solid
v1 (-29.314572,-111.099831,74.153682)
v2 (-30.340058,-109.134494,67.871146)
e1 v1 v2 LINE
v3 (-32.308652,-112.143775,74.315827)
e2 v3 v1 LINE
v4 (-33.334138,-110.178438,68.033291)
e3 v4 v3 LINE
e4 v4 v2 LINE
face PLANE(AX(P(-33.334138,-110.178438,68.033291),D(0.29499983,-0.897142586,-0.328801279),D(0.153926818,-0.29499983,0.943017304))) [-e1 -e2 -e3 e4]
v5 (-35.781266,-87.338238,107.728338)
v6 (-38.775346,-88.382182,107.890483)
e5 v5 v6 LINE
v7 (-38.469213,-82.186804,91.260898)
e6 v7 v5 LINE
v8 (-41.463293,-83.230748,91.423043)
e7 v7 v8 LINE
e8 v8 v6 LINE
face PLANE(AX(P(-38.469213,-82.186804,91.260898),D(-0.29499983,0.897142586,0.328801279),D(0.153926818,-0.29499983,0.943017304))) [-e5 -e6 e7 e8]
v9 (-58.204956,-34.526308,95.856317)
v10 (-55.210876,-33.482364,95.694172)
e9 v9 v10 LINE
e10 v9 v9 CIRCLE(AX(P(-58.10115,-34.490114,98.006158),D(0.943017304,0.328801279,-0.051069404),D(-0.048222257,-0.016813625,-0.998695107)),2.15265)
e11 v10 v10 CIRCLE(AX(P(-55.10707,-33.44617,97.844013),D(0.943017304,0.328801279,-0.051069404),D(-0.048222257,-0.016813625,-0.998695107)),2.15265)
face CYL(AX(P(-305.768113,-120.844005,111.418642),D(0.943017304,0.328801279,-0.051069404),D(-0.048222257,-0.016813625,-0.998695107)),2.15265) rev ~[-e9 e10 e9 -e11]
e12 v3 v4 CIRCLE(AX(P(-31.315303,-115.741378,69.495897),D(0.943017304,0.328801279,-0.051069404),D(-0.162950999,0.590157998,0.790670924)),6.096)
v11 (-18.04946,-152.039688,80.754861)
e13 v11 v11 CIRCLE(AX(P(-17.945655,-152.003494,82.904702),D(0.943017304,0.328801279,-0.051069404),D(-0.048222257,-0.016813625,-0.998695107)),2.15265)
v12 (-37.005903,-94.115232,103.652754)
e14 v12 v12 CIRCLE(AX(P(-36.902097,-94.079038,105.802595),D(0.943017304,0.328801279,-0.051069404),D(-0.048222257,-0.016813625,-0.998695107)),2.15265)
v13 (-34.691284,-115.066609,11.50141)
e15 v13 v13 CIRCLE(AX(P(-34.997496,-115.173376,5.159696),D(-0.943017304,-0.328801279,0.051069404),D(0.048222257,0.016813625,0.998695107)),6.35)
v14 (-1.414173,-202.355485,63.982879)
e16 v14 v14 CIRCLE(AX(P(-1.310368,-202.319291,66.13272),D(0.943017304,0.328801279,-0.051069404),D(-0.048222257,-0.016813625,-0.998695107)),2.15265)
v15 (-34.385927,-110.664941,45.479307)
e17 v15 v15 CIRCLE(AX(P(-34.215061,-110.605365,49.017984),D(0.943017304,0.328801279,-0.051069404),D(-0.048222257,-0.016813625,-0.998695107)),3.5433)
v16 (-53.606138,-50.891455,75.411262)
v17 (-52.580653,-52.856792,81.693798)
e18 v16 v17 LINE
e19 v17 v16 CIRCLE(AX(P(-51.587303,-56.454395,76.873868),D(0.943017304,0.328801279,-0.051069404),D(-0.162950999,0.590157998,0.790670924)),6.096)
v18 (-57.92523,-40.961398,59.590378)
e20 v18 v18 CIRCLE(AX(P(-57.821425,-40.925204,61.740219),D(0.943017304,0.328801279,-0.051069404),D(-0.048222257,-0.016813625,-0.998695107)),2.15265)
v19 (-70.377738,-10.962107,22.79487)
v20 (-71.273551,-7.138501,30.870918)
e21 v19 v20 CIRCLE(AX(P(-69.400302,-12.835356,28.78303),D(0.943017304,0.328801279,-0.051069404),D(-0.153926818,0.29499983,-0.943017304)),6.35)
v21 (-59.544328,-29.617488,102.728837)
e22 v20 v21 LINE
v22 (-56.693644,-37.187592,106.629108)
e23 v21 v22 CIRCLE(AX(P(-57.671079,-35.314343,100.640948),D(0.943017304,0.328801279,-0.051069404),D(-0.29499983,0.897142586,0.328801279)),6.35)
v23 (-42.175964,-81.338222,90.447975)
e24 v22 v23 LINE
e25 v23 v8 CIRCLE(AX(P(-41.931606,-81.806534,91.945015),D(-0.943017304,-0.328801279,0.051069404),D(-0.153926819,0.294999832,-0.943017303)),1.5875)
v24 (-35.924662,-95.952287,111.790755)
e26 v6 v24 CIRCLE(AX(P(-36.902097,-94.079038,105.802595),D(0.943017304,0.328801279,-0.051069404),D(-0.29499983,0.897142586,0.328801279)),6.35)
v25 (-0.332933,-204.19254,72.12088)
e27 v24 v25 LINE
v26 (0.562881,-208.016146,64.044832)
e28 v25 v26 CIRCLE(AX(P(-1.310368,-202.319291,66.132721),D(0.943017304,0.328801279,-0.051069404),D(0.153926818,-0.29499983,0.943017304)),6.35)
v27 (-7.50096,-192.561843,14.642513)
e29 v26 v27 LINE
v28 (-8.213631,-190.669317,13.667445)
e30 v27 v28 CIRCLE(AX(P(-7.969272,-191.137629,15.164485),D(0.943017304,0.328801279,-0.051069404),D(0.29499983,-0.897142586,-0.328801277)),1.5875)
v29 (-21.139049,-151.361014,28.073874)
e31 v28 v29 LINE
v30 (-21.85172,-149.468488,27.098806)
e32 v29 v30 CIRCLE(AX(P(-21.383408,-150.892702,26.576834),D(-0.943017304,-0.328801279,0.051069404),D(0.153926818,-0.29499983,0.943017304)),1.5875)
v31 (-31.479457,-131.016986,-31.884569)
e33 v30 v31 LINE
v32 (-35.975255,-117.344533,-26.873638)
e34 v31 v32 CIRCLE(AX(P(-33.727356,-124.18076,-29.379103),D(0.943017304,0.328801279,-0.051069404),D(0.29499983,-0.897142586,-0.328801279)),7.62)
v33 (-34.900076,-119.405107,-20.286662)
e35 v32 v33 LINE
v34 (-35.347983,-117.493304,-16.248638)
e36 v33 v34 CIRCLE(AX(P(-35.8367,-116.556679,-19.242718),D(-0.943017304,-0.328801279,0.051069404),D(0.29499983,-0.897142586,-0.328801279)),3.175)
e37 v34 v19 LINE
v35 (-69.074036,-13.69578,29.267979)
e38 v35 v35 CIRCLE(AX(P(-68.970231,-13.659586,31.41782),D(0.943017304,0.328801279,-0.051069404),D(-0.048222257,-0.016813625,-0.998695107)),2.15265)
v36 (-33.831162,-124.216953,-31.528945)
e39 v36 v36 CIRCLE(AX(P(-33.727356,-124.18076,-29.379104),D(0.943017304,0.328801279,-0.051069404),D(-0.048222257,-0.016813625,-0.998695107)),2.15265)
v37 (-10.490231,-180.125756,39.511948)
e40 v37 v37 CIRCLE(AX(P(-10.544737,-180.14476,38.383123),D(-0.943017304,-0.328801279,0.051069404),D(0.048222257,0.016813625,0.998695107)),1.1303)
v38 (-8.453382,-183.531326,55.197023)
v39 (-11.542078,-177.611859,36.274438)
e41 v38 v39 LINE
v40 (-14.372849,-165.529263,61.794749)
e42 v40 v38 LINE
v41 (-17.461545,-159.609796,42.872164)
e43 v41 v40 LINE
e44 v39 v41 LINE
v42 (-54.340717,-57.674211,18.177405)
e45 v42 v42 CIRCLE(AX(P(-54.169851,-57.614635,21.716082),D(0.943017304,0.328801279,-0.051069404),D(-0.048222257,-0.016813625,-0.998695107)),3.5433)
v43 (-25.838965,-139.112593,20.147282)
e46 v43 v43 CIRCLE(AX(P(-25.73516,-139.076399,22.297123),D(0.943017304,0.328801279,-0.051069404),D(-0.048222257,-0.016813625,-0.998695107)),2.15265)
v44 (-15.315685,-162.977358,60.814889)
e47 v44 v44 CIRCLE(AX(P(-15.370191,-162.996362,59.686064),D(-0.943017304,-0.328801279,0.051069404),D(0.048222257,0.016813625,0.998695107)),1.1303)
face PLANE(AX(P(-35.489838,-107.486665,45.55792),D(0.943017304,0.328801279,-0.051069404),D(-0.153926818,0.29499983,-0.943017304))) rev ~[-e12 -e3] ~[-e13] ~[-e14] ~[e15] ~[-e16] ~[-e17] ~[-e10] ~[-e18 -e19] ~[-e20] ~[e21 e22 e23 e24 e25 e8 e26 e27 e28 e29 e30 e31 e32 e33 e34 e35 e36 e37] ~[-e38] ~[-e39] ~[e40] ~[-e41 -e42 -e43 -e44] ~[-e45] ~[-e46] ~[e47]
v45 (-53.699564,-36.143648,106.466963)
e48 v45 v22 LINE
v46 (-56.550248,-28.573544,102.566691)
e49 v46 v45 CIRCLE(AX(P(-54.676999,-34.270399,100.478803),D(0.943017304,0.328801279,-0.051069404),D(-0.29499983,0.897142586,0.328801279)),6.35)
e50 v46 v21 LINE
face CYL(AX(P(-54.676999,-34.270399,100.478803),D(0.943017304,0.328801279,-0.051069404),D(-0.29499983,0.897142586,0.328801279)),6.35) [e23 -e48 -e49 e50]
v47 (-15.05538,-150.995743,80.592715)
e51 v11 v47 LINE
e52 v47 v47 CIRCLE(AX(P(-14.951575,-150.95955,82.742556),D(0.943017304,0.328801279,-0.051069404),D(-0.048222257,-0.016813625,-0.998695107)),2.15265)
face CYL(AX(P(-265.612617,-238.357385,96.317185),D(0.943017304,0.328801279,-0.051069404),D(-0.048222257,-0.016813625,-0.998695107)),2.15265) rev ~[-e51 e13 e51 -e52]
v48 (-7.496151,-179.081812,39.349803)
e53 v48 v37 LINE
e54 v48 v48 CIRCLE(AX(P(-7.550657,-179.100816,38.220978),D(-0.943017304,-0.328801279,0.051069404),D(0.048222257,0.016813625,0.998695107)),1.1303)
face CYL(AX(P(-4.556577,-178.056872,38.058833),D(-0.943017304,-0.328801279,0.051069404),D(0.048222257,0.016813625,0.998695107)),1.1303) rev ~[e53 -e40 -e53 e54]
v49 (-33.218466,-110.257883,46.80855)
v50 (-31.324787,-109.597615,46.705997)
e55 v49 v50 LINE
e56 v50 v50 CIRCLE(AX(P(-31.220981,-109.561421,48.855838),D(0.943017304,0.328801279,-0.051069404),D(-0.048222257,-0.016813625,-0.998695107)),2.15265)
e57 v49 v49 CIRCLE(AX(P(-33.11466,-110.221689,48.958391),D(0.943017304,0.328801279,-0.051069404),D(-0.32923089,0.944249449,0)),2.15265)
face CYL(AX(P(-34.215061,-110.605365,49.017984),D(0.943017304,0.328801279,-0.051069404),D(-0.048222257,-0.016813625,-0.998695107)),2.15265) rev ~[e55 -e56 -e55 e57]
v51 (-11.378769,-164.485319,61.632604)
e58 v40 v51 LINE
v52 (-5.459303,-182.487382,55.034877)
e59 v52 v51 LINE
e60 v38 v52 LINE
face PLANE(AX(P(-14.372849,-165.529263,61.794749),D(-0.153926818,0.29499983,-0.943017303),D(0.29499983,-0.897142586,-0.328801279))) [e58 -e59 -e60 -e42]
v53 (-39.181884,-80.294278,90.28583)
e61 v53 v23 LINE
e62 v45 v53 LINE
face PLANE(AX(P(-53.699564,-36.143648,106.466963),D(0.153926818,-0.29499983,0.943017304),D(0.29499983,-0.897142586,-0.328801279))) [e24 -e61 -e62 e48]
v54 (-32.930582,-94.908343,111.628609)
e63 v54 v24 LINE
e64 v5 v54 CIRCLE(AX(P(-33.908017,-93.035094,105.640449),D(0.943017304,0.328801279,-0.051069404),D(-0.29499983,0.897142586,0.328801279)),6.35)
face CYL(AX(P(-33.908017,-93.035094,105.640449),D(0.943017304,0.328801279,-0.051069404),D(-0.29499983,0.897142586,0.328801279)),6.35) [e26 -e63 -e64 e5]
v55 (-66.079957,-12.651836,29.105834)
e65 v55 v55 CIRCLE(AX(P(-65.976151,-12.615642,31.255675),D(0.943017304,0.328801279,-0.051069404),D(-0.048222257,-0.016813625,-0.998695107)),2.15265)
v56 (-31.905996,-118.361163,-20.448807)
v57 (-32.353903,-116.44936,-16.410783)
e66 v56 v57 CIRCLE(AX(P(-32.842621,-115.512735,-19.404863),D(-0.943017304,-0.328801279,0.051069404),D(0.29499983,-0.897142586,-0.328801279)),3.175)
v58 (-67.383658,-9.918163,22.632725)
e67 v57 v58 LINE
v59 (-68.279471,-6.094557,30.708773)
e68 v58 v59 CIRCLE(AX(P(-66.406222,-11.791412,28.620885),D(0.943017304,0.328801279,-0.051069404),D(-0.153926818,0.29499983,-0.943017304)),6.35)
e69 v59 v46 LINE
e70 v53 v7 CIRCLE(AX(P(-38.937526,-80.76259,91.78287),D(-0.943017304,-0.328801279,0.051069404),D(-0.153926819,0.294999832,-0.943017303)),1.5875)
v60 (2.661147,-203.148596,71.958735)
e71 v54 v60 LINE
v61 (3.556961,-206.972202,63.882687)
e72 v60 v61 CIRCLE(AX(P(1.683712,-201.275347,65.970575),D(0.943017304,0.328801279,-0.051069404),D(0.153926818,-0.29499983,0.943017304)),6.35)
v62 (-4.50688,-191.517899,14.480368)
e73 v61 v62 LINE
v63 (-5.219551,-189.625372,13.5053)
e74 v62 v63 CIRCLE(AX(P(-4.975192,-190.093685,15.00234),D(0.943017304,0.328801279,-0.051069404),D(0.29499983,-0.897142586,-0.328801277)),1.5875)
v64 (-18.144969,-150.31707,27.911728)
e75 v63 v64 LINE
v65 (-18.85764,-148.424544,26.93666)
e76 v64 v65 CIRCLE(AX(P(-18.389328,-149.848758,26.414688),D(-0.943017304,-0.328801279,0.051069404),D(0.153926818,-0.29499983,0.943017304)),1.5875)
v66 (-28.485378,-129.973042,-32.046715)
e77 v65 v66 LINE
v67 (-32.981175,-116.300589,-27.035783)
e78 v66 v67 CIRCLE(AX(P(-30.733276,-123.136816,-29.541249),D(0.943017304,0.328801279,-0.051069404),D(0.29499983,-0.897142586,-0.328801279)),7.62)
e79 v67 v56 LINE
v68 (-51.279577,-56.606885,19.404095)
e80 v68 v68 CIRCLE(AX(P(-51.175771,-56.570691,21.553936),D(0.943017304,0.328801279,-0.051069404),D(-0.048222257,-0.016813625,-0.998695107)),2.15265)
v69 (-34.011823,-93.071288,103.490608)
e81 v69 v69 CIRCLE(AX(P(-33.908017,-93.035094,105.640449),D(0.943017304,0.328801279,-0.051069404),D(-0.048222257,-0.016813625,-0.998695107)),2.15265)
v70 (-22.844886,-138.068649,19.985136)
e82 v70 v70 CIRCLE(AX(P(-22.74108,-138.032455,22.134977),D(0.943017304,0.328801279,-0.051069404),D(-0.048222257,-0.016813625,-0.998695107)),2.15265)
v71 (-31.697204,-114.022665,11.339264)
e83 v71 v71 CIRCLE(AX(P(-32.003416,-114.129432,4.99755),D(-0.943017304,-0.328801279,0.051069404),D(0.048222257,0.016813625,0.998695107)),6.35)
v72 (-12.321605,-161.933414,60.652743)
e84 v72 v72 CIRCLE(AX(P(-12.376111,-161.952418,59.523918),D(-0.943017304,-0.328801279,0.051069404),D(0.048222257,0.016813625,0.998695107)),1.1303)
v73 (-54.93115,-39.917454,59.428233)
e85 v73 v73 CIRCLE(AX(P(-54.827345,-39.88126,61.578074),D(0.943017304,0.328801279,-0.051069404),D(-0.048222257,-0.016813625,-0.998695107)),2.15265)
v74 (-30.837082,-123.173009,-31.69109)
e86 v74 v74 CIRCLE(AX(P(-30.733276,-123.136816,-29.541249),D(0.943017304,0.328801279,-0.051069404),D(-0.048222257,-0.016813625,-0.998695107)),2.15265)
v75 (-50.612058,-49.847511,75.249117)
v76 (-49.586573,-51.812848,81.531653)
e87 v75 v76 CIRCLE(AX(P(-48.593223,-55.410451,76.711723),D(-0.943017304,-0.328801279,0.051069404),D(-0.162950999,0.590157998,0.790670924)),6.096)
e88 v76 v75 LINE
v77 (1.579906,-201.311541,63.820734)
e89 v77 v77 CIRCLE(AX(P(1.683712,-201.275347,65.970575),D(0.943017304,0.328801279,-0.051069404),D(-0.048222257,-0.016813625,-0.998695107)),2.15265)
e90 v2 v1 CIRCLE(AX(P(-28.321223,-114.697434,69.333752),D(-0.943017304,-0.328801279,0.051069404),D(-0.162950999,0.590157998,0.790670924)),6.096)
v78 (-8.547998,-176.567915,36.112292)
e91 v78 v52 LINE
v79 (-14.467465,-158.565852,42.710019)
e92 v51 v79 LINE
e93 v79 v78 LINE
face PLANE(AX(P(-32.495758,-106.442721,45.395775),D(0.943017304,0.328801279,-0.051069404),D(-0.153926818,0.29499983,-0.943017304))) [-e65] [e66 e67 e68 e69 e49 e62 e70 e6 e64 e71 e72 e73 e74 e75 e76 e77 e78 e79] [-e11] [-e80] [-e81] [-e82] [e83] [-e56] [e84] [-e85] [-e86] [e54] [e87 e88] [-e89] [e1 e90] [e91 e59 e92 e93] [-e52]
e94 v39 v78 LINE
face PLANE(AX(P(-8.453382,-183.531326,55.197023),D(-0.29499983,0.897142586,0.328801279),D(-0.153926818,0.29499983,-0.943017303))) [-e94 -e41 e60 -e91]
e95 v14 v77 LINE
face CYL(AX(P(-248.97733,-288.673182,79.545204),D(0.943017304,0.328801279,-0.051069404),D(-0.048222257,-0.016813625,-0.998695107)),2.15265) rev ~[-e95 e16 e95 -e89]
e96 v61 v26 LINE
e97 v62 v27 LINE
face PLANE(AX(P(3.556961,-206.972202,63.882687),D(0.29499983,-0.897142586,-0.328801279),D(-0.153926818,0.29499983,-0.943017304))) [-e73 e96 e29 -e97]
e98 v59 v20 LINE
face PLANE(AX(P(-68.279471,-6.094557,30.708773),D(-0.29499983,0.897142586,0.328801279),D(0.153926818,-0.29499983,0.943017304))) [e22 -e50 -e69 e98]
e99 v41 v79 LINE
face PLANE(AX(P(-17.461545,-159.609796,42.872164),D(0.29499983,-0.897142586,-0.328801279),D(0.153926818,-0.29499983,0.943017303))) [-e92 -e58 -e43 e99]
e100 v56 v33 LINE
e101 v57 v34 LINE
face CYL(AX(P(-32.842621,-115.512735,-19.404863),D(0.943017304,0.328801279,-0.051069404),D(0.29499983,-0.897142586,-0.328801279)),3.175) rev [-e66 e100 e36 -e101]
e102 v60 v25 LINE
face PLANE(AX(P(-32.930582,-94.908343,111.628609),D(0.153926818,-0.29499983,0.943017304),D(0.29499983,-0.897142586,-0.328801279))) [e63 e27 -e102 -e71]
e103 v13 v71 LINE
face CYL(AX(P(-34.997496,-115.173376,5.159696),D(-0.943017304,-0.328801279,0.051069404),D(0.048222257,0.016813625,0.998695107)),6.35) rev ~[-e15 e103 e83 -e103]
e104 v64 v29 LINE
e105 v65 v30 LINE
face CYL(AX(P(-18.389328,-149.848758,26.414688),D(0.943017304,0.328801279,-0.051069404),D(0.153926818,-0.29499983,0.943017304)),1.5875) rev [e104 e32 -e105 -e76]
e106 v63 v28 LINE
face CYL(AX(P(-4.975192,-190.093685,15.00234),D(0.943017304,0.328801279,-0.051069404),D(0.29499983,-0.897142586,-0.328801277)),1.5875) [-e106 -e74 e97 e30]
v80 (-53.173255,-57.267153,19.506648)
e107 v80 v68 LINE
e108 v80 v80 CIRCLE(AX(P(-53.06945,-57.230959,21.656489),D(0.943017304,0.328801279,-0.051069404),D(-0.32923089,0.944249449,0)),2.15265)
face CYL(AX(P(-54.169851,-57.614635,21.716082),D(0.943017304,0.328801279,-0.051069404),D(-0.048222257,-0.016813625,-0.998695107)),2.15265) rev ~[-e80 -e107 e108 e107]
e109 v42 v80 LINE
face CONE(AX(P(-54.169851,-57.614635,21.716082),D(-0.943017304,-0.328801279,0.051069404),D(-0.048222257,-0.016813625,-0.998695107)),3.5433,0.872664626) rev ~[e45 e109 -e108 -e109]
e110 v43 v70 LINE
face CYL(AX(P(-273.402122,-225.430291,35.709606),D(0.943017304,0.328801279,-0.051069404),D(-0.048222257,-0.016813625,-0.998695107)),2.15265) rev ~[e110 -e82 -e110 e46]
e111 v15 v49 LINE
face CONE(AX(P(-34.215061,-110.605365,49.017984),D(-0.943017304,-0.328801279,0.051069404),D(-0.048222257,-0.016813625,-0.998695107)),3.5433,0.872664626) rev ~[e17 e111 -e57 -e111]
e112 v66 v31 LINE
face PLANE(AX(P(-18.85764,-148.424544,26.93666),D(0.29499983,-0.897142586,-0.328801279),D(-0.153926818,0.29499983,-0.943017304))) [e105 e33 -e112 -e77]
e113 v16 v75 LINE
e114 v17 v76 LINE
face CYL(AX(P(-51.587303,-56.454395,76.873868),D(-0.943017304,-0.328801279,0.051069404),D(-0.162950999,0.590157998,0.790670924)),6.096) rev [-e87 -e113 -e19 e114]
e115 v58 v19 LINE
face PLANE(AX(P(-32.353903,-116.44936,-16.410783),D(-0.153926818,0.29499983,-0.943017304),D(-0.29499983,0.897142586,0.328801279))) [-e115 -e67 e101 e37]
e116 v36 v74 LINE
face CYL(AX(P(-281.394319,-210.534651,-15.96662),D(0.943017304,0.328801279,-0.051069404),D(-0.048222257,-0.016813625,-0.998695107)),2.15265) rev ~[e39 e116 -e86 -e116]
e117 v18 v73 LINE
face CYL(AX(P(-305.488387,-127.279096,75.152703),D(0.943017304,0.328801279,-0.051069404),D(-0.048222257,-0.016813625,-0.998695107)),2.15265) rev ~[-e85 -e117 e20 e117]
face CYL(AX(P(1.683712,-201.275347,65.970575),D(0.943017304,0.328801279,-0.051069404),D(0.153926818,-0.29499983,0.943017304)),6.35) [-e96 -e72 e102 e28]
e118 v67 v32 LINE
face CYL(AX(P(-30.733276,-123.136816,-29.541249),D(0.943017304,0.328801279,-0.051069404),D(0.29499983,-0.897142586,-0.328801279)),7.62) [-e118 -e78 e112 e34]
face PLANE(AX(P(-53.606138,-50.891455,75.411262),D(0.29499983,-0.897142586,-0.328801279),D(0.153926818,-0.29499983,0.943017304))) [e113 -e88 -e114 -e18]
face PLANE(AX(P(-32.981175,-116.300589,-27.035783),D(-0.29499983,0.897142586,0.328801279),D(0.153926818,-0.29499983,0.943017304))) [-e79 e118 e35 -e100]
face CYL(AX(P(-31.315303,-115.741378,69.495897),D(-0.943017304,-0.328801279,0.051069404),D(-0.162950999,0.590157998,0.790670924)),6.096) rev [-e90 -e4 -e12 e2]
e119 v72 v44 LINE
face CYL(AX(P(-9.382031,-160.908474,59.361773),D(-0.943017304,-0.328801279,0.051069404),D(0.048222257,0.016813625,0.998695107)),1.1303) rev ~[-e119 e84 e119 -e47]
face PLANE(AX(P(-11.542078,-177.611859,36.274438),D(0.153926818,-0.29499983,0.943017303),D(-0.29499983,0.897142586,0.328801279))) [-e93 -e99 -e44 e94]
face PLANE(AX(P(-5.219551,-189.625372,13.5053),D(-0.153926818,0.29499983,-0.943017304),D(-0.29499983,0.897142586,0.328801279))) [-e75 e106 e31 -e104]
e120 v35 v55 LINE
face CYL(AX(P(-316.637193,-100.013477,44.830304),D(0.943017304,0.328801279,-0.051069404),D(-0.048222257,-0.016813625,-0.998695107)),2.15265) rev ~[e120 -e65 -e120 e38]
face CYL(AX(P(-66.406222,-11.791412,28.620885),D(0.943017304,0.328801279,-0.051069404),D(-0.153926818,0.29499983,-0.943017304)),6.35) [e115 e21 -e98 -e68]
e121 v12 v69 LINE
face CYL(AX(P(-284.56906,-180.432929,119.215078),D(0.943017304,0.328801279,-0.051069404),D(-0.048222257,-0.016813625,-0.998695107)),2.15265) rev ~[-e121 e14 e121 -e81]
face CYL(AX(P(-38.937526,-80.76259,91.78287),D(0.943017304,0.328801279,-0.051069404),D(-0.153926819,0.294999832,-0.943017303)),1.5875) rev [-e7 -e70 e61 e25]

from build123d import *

# Parameters (mm, degrees)
BOSS_EXTRUDE1_DEPTH                               = 3.175
F_6_CLEARANCE_HOLE2_D                             = 4.3053
CUT_EXTRUDE1_DEPTH                                = 75.708255191
CUT_EXTRUDE11_DEPTH                               = 75.708255191
SKETCH112_R                                       = 6.35
CUT_EXTRUDE13_DEPTH                               = 75.708255191
CSK_FOR_6_FLAT_HEAD_MACHINE_SCREW_100_D           = 4.3053
CSK_FOR_6_FLAT_HEAD_MACHINE_SCREW_100_CSINK_D     = 7.0866
CSK_FOR_6_FLAT_HEAD_MACHINE_SCREW_100_CSINK_ANGLE = 100
F_2_CLEARANCE_HOLE1_D                             = 2.2606
F_2_CLEARANCE_HOLE1_DEPTH                         = 3.175


with BuildPart() as part:
    # Sketch2 → Boss-Extrude1 (new body)
    with BuildSketch(Plane(origin=(-64.088304417, -22.345630777, 3.470722632), x_dir=(-0.153926818, 0.29499983, -0.943017304), z_dir=(0.943017304, 0.328801279, -0.051069404))):
        with BuildLine():
            Line((-121.846755419, -165.728170273), (-69.459255419, -165.728170273))
            ThreePointArc((-69.459255419, -165.728170273), (-68.336723403, -165.263202289), (-67.871755419, -164.140670273))
            Line((-67.871755419, -164.140670273), (-67.871755419, -120.325670273))
            ThreePointArc((-67.871755419, -120.325670273), (-67.406787434, -119.203138258), (-66.284255419, -118.738170273))
            Line((-66.284255419, -118.738170273), (-3.736755419, -118.738170273))
            ThreePointArc((-3.736755419, -118.738170273), (3.883244581, -111.118170273), (-3.736755419, -103.498170273))
            Line((-3.736755419, -103.498170273), (-10.721755419, -103.498170273))
            ThreePointArc((-10.721755419, -103.498170273), (-12.966819449, -102.568234304), (-13.896755419, -100.323170273))
            Line((-13.896755419, -100.323170273), (-13.896755419, 18.421829727))
            ThreePointArc((-13.896755419, 18.421829727), (-15.756627358, 22.911957787), (-20.246755419, 24.771829727))
            Line((-20.246755419, 24.771829727), (-96.446755419, 24.771829727))
            ThreePointArc((-96.446755419, 24.771829727), (-100.936883479, 22.911957787), (-102.796755419, 18.421829727))
            Line((-102.796755419, 18.421829727), (-102.796755419, -30.790670273))
            ThreePointArc((-102.796755419, -30.790670273), (-103.261723403, -31.913202289), (-104.384255419, -32.378170273))
            Line((-104.384255419, -32.378170273), (-121.846755419, -32.378170273))
            ThreePointArc((-121.846755419, -32.378170273), (-126.336883479, -34.238042213), (-128.196755419, -38.728170273))
            Line((-128.196755419, -38.728170273), (-128.196755419, -159.378170273))
            ThreePointArc((-128.196755419, -159.378170273), (-126.336883479, -163.868298334), (-121.846755419, -165.728170273))
        make_face()
    extrude(amount=-BOSS_EXTRUDE1_DEPTH)

    # #6 Clearance Hole2 (through all)
    with Locations(Plane(origin=(-67.082384355, -23.389574839, 3.632867989), x_dir=(0.048222256, 0.016813625, 0.998695107), z_dir=(-0.943017304, -0.328801279, 0.051069404))):
        with Locations((94.496598047, -13.438577508), (27.821256, 9.809074133), (102.303221602, -76.684769209), (58.183274109, -19.607002634), (18.688641338, -122.850003783), (-33.055104908, -106.153526298), (79.375410017, -137.620951141), (62.581514662, -190.608465154)):
            Hole(F_6_CLEARANCE_HOLE2_D / 2)

    # Sketch11 → Cut-Extrude1 (cut, through all)
    with BuildSketch(Plane(origin=(-30.199339451, -118.769533988, 70.606372837), x_dir=(0.153926818, -0.29499983, 0.943017304), z_dir=(-0.943017304, -0.328801279, 0.051069404))):
        with BuildLine():
            Line((-5.443361979, 7.786170805), (1.218801886, 7.786170805))
            ThreePointArc((1.218801886, 7.786170805), (-2.112280046, -3.415229195), (-5.443361979, 7.786170805))
        make_face()
    extrude(amount=-CUT_EXTRUDE1_DEPTH, mode=Mode.SUBTRACT)

    # Sketch111 → Cut-Extrude11 (cut, through all)
    with BuildSketch(Plane(origin=(-50.471339887, -59.482551247, 77.984343899), x_dir=(0.153926818, -0.29499983, 0.943017304), z_dir=(-0.943017304, -0.328801279, 0.051069404))):
        with BuildLine():
            Line((-5.443361979, 7.786170805), (1.218801886, 7.786170805))
            ThreePointArc((1.218801886, 7.786170805), (-2.112280046, -3.415229195), (-5.443361979, 7.786170805))
        make_face()
    extrude(amount=-CUT_EXTRUDE11_DEPTH, mode=Mode.SUBTRACT)

    # Sketch112 → Cut-Extrude13 (cut, through all)
    with BuildSketch(Plane(origin=(-67.082384355, -23.389574839, 3.632867989), x_dir=(0.048222256, 0.016813625, 0.998695107), z_dir=(-0.943017304, -0.328801279, 0.051069404))):
        with Locations((1.528822601, -97.230139831)):
            Circle(SKETCH112_R)
        Polygon((51.631528484, -170.516238748), (32.684219053, -163.909891699), (39.290566102, -144.962582268), (58.237875533, -151.568929317), align=None)
    extrude(amount=-CUT_EXTRUDE13_DEPTH, mode=Mode.SUBTRACT)

    # CSK for #6 Flat Head Machine Screw (100)1 (through all)
    with Locations(Plane(origin=(-67.082384355, -23.389574839, 3.632867989), x_dir=(0.048222256, 0.016813625, 0.998695107), z_dir=(-0.943017304, -0.328801279, 0.051069404))):
        with Locations((18.106841092, -36.568198954), (45.444415988, -93.174400017)):
            CounterSinkHole(CSK_FOR_6_FLAT_HEAD_MACHINE_SCREW_100_D / 2, CSK_FOR_6_FLAT_HEAD_MACHINE_SCREW_100_CSINK_D / 2, counter_sink_angle=CSK_FOR_6_FLAT_HEAD_MACHINE_SCREW_100_CSINK_ANGLE)

    # #2 Clearance Hole1
    with Locations(Plane(origin=(-64.088304417, -22.345630777, 3.470722632), x_dir=(-0.048222256, -0.016813625, -0.998695107), z_dir=(0.943017304, 0.328801279, -0.051069404))):
        with Locations((-34.795660006, -166.629937328), (-56.12643458, -148.848883687)):
            Hole(F_2_CLEARANCE_HOLE1_D / 2, depth=F_2_CLEARANCE_HOLE1_DEPTH)


solid = part.part
